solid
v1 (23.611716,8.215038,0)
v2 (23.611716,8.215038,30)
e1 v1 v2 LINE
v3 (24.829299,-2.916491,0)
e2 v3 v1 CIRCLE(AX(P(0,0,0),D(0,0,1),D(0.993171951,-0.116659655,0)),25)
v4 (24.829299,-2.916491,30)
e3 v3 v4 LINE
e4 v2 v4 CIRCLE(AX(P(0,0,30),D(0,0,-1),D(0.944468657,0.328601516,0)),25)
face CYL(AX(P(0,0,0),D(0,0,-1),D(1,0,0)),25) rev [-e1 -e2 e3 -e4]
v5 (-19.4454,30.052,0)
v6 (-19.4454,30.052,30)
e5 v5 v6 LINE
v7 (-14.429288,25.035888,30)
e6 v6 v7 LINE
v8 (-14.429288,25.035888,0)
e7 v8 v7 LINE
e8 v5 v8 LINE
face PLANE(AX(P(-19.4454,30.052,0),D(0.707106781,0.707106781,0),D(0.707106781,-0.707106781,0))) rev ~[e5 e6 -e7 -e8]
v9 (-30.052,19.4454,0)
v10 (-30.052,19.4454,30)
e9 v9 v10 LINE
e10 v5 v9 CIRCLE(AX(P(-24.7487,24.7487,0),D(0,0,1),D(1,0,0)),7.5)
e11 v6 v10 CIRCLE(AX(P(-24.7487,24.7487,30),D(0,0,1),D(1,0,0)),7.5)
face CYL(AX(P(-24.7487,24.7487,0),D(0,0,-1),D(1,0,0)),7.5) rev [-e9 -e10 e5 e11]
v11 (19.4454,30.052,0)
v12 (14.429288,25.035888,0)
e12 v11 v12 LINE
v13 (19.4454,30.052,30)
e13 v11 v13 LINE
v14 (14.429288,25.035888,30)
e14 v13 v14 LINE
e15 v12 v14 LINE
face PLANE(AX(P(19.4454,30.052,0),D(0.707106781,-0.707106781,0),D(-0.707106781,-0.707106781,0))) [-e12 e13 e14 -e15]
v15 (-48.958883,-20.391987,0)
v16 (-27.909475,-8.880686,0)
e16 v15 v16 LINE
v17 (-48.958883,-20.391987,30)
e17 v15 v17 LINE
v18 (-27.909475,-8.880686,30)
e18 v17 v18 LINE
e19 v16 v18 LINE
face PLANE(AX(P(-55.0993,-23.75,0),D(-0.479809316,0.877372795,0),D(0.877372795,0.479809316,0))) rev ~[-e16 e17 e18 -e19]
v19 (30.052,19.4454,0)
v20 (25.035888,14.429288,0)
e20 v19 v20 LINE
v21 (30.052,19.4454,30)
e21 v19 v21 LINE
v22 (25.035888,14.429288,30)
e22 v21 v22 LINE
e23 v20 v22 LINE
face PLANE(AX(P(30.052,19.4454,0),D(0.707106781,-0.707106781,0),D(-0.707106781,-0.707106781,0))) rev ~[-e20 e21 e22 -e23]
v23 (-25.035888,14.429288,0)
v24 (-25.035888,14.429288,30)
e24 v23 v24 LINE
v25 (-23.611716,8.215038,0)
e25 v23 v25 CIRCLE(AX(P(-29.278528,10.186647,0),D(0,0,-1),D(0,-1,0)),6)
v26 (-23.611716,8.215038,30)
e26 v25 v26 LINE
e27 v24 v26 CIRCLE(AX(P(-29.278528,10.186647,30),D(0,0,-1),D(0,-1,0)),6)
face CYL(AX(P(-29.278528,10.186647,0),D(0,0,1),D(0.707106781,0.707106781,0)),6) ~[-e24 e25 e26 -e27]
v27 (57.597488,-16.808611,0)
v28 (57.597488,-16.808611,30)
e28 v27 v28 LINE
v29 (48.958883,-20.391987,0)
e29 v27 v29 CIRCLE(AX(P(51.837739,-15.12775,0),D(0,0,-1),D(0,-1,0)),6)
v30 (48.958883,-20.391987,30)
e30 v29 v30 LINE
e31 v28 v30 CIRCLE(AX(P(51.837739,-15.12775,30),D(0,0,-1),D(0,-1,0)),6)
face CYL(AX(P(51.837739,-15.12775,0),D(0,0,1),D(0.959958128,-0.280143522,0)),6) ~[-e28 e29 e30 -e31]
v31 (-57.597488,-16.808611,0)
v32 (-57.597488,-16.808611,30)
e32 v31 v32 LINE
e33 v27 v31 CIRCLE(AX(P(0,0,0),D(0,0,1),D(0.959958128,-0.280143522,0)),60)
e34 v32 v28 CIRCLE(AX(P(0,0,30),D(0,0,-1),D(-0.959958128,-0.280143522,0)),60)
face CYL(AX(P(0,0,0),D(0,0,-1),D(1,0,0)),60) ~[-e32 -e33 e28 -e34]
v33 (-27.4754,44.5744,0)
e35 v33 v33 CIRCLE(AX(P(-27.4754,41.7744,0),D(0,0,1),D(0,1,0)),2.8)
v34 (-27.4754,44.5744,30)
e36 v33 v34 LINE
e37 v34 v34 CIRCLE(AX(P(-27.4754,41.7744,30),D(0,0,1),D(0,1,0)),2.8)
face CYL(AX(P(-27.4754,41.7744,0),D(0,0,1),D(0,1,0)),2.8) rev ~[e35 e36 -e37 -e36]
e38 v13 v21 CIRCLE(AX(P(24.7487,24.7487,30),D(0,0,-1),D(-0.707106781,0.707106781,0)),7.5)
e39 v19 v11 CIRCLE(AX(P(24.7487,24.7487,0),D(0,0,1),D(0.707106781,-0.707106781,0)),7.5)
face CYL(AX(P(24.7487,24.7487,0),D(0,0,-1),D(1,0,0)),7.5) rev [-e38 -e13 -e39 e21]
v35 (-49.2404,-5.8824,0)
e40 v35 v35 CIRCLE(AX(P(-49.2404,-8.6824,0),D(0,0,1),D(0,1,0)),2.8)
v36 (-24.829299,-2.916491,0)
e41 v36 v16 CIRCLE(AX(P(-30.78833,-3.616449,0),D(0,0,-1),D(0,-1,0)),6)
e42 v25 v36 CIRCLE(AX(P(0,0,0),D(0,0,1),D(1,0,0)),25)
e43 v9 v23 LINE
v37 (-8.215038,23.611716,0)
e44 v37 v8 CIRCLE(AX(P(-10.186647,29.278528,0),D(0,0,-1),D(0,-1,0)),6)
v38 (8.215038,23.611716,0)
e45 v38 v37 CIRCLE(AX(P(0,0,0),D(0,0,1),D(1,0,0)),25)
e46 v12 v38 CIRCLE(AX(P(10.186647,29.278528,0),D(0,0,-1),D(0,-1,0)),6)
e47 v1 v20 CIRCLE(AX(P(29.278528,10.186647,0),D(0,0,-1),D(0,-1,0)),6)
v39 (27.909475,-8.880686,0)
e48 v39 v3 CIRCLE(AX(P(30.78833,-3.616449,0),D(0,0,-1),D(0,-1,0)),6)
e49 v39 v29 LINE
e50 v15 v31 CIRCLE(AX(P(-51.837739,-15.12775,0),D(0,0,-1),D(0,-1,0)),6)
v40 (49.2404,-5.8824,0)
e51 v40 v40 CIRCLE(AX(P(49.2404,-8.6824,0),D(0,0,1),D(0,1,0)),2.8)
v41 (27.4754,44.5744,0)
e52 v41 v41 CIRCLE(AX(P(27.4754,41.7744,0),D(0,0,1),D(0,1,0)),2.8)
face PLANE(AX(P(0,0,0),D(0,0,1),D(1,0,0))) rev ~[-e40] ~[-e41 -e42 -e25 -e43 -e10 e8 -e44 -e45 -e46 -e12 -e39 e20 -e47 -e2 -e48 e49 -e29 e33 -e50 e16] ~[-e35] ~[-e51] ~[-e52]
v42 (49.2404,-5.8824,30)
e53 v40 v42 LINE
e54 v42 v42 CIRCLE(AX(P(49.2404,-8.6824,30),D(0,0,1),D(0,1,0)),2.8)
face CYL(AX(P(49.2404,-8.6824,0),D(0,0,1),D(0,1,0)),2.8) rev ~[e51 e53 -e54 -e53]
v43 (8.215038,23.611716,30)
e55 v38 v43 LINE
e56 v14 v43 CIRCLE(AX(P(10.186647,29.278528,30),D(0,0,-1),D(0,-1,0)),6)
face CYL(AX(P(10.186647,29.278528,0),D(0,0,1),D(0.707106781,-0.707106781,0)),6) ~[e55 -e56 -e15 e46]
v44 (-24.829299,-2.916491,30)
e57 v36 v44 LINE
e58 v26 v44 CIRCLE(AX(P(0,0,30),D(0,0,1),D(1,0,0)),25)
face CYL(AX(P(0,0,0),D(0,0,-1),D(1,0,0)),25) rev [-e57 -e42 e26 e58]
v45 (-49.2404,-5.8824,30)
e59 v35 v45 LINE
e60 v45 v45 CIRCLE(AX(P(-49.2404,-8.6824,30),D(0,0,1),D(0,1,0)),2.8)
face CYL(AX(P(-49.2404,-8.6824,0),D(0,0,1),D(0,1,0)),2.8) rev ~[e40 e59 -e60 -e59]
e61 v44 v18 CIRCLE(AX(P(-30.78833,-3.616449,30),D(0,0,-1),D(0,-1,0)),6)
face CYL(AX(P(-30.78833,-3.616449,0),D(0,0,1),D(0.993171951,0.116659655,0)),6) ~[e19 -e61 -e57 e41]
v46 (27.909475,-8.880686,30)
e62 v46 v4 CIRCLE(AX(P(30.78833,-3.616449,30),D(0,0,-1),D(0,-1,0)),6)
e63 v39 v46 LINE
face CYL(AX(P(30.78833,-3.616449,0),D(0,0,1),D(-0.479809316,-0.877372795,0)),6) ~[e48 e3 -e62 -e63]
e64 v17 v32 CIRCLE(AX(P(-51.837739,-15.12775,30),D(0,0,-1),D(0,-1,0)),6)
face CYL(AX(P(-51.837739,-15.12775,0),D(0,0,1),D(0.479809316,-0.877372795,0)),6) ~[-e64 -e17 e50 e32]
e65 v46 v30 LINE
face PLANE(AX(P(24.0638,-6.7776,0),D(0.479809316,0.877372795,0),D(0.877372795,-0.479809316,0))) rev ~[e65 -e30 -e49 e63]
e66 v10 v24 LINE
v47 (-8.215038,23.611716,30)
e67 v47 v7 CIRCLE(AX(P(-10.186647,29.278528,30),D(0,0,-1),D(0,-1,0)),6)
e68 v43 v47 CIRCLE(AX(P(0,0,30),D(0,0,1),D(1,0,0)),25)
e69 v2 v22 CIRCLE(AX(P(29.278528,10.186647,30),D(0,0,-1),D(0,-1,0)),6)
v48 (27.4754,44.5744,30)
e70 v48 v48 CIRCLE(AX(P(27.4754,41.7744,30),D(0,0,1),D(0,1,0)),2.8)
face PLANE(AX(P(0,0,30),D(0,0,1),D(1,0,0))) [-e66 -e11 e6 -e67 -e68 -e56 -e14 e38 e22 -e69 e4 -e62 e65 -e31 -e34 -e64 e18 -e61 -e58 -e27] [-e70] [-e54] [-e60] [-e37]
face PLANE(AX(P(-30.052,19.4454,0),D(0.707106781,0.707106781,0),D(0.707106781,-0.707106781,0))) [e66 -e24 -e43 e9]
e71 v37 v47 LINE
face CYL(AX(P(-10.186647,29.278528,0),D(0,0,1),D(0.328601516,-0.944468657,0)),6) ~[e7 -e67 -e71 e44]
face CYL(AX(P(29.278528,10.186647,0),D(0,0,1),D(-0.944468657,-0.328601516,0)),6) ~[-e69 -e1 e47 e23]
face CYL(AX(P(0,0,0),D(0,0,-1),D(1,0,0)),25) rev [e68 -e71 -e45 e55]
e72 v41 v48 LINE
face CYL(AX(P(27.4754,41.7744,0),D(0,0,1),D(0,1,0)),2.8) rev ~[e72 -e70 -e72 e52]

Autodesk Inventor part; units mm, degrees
ref_plane "YZ Plane" through (0, 0, 0) normal (1, 0, 0) x (0, 1, 0)
ref_plane "XZ Plane" through (0, 0, 0) normal (0, 1, 0) x (-1, 0, 0)
ref_plane "XY Plane" through (0, 0, 0) normal (0, 0, 1) x (1, 0, 0)
sketch "Sketch1" plane through (0, 0, 0) normal (0, 0, 1) x (1, 0, 0)
  circle A0 centre (0, 0) radius 60
  circle A1 centre (0, -84) radius 72 construction
  circle A2 centre (0, 0) radius 12 construction
  line L0 (0, -84) -> (0, 0) construction
  line L1 (0, 0) -> (0, 60) construction
  circle A3 centre (0, 0) radius 35 construction
  circle A4 centre (0, 0) radius 50 construction
  line L2 (-50.3895, -32.5714) -> (-8.3983, 8.5714) construction
  line L3 (8.3983, 8.5714) -> (50.3895, -32.5714) construction
  circle A5 centre (0, 0) radius 25
  circle A6 centre (0, 0) radius 60
  line L4 (-50.3895, -32.5714) -> (-24.0638, -6.7776)
  line L5 (24.0638, -6.7776) -> (50.3895, -32.5714)
  circle A7 centre (-24.7487, 24.7487) radius 7.5
  circle A8 centre (24.7487, 24.7487) radius 7.5
  line L6 (-24.7487, 24.7487) -> (24.7487, 24.7487) construction
  circle A9 centre (-24.7487, -24.7487) radius 7.5 construction
  circle A10 centre (24.7487, -24.7487) radius 7.5 construction
  line L7 (-24.7487, 24.7487) -> (-24.7487, -24.7487) construction
  line L8 (24.7487, -24.7487) -> (24.7487, 24.7487) construction
  line L9 (24.7487, -24.7487) -> (-24.7487, -24.7487) construction
  line L10 (-30.052, 19.4454) -> (-22.1667, 11.5601)
  line L11 (-19.4454, 30.052) -> (-11.5601, 22.1667)
  line L12 (19.4454, 30.052) -> (11.5601, 22.1667)
  line L13 (30.052, 19.4454) -> (22.1667, 11.5601)
  line L14 (-49.2404, -8.6824) -> (0, 0) construction
  line L15 (-55.0993, -23.75) -> (-24.0638, -6.7776)
  line L16 (24.0638, -6.7776) -> (55.0993, -23.75)
  point P0 (-27.4754, 41.7744)
  point P1 (27.4754, 41.7744)
  point P2 (49.2404, -8.6824)
  dimension "d0" = 120
  dimension "d4" = 100
  dimension "d1" = 144
  dimension "d2" = 24
  dimension "d3" = 70
  dimension "d5" = 50
  dimension "d6" = 15
  dimension "d7" = 15
  dimension "d8" = 15
  dimension "d9" = 15
  dimension "d10" = 45
  dimension "d11" = 45
  dimension "d12" = 100
  dimension "d15" = 200
  dimension "d30" = 10
  dimension "d32" = 10
extrude "Extrusion1" add sketch "Sketch1" along normal blind 30 contours A0 L16 A5 L13 A8 L12 L11 A7 L10 L15
fillet "Fillet1" radius 6 8 edges at (24.0638, -6.7776, 15) (-24.0638, -6.7776, 15) (-22.1667, 11.5601, 15) (-11.5601, 22.1667, 15) (11.5601, 22.1667, 15) (22.1667, 11.5601, 15) (-55.0993, -23.75, 15) (55.0993, -23.75, 15)
hole "Hole1" at (-49.2404, -8.6824, 0) at (-27.4754, 41.7744, 0) at (27.4754, 41.7744, 0) at (49.2404, -8.6824, 0) direction (0, 0, 1) diameter 5.6 end through all
properties part number "RT_ARM_MC_008_Capstand_Support"
